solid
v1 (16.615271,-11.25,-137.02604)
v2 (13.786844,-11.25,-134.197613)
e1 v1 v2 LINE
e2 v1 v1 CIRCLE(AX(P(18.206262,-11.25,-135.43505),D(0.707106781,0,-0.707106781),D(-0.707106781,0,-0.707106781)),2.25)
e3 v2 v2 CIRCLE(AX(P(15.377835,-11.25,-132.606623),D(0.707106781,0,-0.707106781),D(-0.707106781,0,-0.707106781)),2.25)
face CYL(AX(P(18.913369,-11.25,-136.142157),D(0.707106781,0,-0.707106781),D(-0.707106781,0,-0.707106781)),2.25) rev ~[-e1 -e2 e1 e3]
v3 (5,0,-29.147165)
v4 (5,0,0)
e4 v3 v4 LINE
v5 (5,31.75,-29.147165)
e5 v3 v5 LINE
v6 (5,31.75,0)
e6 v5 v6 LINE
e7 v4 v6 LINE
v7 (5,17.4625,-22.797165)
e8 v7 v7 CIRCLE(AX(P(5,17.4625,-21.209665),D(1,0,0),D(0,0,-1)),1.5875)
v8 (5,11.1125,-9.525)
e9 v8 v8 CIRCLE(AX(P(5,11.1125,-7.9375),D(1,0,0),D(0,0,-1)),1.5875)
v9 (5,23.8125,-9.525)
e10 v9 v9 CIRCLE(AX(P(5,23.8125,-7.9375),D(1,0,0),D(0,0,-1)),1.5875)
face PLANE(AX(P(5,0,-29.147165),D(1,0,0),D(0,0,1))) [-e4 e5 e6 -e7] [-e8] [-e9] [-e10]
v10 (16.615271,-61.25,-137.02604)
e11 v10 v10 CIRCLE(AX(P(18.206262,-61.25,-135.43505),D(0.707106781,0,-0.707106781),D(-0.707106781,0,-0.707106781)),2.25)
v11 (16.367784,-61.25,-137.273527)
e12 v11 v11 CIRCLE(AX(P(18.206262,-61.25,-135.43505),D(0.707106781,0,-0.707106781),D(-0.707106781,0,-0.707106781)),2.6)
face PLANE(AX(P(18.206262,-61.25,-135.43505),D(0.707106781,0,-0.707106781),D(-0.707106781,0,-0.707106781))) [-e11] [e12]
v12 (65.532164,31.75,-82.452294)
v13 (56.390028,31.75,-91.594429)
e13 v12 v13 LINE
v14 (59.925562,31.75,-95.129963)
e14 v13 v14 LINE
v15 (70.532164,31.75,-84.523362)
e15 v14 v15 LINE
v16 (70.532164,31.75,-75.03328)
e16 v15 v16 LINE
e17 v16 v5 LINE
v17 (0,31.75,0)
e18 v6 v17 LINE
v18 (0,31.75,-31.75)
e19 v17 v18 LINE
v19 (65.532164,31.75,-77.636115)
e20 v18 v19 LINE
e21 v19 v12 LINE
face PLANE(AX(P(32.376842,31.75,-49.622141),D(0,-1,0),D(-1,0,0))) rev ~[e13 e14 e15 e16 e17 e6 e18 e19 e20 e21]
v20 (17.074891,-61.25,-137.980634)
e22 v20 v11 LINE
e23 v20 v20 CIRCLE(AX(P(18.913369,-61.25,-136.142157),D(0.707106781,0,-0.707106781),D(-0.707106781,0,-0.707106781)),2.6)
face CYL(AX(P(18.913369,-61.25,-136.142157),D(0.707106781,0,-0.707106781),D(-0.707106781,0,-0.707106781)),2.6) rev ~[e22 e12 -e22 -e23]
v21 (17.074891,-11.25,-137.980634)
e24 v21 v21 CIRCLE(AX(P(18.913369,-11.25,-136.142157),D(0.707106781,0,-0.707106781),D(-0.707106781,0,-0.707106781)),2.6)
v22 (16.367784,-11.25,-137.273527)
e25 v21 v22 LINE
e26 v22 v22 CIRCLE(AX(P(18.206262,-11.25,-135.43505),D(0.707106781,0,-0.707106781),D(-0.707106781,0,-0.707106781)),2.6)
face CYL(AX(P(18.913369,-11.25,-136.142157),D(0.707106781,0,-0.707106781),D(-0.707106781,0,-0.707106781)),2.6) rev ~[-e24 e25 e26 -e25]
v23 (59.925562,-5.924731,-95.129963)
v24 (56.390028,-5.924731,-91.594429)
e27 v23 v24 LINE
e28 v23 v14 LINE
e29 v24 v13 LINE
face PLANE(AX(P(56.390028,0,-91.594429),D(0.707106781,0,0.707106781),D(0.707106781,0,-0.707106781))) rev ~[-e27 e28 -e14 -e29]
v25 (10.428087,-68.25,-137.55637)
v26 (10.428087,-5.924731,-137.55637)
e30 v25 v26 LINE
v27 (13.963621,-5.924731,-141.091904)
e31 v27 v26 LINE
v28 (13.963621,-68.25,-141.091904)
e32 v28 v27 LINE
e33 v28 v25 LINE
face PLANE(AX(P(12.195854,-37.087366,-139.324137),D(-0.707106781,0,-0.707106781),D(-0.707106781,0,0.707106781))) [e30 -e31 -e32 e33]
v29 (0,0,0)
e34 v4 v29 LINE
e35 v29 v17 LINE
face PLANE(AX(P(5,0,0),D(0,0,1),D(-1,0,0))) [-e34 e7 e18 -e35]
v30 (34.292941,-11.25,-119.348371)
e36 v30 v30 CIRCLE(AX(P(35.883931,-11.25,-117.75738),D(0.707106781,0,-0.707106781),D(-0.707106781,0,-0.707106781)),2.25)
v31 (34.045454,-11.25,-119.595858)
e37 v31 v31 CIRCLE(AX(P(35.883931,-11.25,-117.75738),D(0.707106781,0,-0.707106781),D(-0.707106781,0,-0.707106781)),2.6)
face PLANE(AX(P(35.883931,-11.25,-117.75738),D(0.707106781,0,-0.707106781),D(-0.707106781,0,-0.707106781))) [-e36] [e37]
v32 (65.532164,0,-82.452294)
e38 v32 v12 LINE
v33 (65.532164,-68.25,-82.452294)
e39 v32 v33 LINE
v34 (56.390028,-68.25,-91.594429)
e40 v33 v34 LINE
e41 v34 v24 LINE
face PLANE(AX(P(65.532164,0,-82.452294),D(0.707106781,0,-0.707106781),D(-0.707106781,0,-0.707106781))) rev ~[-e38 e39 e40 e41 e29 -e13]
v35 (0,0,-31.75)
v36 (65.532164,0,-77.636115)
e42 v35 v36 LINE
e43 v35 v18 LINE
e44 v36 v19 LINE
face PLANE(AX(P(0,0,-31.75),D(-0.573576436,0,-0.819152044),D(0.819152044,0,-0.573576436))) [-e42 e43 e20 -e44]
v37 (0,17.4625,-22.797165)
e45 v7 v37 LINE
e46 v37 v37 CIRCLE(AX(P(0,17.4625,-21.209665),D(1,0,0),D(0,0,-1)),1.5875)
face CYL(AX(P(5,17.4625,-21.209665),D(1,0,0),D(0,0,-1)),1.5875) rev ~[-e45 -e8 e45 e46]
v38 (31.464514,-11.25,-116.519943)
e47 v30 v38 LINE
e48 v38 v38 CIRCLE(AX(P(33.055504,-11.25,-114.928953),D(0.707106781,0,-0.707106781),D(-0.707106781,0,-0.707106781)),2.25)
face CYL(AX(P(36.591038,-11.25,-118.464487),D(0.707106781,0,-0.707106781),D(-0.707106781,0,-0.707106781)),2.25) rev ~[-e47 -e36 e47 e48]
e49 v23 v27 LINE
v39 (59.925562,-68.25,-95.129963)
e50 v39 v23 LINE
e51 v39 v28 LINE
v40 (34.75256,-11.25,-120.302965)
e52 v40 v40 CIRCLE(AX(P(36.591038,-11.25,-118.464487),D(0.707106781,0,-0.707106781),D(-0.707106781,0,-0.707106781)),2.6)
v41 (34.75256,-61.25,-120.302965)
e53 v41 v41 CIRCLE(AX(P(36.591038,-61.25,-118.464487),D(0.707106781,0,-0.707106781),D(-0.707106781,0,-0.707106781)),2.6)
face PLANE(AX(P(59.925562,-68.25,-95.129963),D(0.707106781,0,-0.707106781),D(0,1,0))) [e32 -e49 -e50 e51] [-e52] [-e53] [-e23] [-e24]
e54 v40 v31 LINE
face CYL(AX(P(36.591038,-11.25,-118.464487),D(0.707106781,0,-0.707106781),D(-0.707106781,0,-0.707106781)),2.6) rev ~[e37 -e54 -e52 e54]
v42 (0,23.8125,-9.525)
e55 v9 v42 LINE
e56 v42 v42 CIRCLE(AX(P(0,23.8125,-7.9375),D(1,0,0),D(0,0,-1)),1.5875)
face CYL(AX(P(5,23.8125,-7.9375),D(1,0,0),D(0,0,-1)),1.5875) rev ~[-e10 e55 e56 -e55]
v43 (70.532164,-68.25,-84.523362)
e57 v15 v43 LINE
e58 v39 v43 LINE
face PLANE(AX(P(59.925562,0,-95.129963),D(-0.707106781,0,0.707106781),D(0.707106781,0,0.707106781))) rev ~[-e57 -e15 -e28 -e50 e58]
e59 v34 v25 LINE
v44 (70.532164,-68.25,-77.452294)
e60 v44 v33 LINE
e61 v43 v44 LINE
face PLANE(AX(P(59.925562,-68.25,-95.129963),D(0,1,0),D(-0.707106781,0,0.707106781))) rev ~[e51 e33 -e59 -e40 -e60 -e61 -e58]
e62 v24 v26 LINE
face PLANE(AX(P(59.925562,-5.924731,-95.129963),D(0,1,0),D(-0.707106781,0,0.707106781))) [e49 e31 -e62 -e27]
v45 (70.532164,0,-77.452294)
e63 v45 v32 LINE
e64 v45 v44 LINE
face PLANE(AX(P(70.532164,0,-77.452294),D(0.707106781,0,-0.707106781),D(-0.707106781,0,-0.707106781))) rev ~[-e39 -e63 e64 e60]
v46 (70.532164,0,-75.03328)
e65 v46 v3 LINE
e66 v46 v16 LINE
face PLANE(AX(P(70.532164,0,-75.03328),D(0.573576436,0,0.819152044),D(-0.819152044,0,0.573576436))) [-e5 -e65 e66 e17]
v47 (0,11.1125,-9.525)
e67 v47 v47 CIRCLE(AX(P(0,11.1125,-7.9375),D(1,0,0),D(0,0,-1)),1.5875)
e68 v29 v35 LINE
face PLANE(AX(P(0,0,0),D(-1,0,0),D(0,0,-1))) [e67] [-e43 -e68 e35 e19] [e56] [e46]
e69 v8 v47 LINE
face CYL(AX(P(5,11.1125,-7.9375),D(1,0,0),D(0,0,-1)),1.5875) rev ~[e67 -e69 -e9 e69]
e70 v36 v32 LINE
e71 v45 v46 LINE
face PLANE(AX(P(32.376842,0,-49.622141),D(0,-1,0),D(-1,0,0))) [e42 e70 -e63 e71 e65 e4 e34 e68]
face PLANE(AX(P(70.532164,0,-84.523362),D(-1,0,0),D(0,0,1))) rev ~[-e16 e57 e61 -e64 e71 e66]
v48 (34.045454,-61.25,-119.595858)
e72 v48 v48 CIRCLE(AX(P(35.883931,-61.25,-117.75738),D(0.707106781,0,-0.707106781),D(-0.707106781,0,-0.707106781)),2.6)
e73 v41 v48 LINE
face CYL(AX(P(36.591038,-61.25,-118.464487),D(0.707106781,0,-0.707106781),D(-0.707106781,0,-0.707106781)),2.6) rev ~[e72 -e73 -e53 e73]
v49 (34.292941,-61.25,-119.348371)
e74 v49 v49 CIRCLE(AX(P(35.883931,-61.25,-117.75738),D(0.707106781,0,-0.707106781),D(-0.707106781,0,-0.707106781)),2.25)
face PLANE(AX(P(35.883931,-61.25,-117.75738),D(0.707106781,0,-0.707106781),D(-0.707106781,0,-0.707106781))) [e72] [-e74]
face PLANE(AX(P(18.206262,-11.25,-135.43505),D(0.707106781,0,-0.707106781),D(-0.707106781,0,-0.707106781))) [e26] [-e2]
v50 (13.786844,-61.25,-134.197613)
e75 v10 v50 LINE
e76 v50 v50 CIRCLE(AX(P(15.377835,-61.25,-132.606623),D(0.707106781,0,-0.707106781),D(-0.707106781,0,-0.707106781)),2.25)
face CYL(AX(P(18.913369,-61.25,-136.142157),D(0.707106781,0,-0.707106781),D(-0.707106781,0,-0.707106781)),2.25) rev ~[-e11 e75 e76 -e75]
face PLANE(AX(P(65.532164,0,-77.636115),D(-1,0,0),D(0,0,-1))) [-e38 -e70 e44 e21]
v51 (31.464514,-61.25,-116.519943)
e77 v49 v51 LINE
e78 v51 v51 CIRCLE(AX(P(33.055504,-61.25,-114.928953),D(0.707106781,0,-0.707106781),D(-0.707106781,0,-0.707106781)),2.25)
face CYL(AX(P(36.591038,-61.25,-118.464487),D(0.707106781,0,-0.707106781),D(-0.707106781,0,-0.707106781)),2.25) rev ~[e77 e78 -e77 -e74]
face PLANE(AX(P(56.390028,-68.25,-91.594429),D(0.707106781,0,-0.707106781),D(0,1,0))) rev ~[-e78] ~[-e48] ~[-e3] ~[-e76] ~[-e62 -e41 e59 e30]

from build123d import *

# Parameters (mm, degrees)
PROFILEBOSS_EXTRUDE1_DEPTH      = 31.75
RIGHTPROFILEBOSS_EXTRUDE2_DEPTH = 68.25
SKETCH6_W                       = 5
SKETCH6_H                       = 62.32526864
TOPPROFILEBOSS_EXTRUDE5_DEPTH   = 65
SKETCH7_R                       = 2.25
HDMI_HOLESCUT_EXTRUDE1_DEPTH    = 130.147862652
SKETCH8_R                       = 1.5875
MOUNTHOLESCUT_EXTRUDE2_DEPTH    = 170.880700314
SKETCH9_R                       = 2.6
HDMIBORECUT_EXTRUDE3_DEPTH      = 1


with BuildPart() as part:
    # Sketch1 → ProfileBoss-Extrude1 (new body)
    with BuildSketch(Plane(origin=(0, 0, 0), x_dir=(1, 0, 0), z_dir=(0, 1, 0))):
        Polygon((0, 0), (0, 31.75), (65.532163543, 77.636114908), (65.532163543, 82.452293716), (56.390027919, 91.594429339), (59.925561825, 95.129963245), (70.532163543, 84.523361528), (70.532163543, 75.033279655), (5, 29.147164747), (5, 0), align=None)
    extrude(amount=PROFILEBOSS_EXTRUDE1_DEPTH)

    # Sketch2 → RightProfileBoss-Extrude2 (add)
    with BuildSketch(Plane.XZ):
        Polygon((59.925561825, -95.129963245), (70.532163543, -84.523361528), (70.532163543, -77.452293716), (65.532163543, -82.452293716), (56.390027919, -91.594429339), align=None)
    extrude(amount=RIGHTPROFILEBOSS_EXTRUDE2_DEPTH)

    # Sketch6 → TopProfileBoss-Extrude5 (add)
    with BuildSketch(Plane(origin=(-17.60220071, 0, -17.60220071), x_dir=(-0.7071067811865449, 0, 0.7071067811865502), z_dir=(-0.7071067811865502, 0, -0.7071067811865449))):
        with Locations((-107.140813238, -37.08736568)):
            Rectangle(SKETCH6_W, SKETCH6_H)
    extrude(amount=TOPPROFILEBOSS_EXTRUDE5_DEPTH)

    # Sketch7 → HDMI HolesCut-Extrude1 (cut, through all)
    with BuildSketch(Plane(origin=(77.527762535, 0, -77.527762535), x_dir=(-0.7071067811865493, 0, -0.7071067811865457), z_dir=(0.7071067811865457, 0, -0.7071067811865493))):
        with Locations((82.893270972, -11.25)):
            Circle(SKETCH7_R)
        with Locations((57.893270972, -11.25)):
            Circle(SKETCH7_R)
        with Locations((82.893270972, -61.25)):
            Circle(SKETCH7_R)
        with Locations((57.893270972, -61.25)):
            Circle(SKETCH7_R)
    extrude(amount=-HDMI_HOLESCUT_EXTRUDE1_DEPTH, mode=Mode.SUBTRACT)

    # Sketch8 → MountHolesCut-Extrude2 (cut, through all)
    with BuildSketch(Plane(origin=(5, 0, 0), x_dir=(0, 0, -1), z_dir=(1, 0, 0))):
        with Locations((7.9375, 23.8125)):
            Circle(SKETCH8_R)
        with Locations((21.209664747, 17.4625)):
            Circle(SKETCH8_R)
        with Locations((7.9375, 11.1125)):
            Circle(SKETCH8_R)
    extrude(amount=-MOUNTHOLESCUT_EXTRUDE2_DEPTH, mode=Mode.SUBTRACT)

    # Sketch9 → HDMIBoreCut-Extrude3 (cut)
    with BuildSketch(Plane(origin=(77.527762535, 0, -77.527762535), x_dir=(-0.7071067811865493, 0, -0.7071067811865457), z_dir=(0.7071067811865457, 0, -0.7071067811865493))):
        with Locations((57.893270972, -11.25)):
            Circle(SKETCH9_R)
        with Locations((82.893270972, -11.25)):
            Circle(SKETCH9_R)
        with Locations((82.893270972, -61.25)):
            Circle(SKETCH9_R)
        with Locations((57.893270972, -61.25)):
            Circle(SKETCH9_R)
    extrude(amount=-HDMIBORECUT_EXTRUDE3_DEPTH, mode=Mode.SUBTRACT)


solid = part.part
